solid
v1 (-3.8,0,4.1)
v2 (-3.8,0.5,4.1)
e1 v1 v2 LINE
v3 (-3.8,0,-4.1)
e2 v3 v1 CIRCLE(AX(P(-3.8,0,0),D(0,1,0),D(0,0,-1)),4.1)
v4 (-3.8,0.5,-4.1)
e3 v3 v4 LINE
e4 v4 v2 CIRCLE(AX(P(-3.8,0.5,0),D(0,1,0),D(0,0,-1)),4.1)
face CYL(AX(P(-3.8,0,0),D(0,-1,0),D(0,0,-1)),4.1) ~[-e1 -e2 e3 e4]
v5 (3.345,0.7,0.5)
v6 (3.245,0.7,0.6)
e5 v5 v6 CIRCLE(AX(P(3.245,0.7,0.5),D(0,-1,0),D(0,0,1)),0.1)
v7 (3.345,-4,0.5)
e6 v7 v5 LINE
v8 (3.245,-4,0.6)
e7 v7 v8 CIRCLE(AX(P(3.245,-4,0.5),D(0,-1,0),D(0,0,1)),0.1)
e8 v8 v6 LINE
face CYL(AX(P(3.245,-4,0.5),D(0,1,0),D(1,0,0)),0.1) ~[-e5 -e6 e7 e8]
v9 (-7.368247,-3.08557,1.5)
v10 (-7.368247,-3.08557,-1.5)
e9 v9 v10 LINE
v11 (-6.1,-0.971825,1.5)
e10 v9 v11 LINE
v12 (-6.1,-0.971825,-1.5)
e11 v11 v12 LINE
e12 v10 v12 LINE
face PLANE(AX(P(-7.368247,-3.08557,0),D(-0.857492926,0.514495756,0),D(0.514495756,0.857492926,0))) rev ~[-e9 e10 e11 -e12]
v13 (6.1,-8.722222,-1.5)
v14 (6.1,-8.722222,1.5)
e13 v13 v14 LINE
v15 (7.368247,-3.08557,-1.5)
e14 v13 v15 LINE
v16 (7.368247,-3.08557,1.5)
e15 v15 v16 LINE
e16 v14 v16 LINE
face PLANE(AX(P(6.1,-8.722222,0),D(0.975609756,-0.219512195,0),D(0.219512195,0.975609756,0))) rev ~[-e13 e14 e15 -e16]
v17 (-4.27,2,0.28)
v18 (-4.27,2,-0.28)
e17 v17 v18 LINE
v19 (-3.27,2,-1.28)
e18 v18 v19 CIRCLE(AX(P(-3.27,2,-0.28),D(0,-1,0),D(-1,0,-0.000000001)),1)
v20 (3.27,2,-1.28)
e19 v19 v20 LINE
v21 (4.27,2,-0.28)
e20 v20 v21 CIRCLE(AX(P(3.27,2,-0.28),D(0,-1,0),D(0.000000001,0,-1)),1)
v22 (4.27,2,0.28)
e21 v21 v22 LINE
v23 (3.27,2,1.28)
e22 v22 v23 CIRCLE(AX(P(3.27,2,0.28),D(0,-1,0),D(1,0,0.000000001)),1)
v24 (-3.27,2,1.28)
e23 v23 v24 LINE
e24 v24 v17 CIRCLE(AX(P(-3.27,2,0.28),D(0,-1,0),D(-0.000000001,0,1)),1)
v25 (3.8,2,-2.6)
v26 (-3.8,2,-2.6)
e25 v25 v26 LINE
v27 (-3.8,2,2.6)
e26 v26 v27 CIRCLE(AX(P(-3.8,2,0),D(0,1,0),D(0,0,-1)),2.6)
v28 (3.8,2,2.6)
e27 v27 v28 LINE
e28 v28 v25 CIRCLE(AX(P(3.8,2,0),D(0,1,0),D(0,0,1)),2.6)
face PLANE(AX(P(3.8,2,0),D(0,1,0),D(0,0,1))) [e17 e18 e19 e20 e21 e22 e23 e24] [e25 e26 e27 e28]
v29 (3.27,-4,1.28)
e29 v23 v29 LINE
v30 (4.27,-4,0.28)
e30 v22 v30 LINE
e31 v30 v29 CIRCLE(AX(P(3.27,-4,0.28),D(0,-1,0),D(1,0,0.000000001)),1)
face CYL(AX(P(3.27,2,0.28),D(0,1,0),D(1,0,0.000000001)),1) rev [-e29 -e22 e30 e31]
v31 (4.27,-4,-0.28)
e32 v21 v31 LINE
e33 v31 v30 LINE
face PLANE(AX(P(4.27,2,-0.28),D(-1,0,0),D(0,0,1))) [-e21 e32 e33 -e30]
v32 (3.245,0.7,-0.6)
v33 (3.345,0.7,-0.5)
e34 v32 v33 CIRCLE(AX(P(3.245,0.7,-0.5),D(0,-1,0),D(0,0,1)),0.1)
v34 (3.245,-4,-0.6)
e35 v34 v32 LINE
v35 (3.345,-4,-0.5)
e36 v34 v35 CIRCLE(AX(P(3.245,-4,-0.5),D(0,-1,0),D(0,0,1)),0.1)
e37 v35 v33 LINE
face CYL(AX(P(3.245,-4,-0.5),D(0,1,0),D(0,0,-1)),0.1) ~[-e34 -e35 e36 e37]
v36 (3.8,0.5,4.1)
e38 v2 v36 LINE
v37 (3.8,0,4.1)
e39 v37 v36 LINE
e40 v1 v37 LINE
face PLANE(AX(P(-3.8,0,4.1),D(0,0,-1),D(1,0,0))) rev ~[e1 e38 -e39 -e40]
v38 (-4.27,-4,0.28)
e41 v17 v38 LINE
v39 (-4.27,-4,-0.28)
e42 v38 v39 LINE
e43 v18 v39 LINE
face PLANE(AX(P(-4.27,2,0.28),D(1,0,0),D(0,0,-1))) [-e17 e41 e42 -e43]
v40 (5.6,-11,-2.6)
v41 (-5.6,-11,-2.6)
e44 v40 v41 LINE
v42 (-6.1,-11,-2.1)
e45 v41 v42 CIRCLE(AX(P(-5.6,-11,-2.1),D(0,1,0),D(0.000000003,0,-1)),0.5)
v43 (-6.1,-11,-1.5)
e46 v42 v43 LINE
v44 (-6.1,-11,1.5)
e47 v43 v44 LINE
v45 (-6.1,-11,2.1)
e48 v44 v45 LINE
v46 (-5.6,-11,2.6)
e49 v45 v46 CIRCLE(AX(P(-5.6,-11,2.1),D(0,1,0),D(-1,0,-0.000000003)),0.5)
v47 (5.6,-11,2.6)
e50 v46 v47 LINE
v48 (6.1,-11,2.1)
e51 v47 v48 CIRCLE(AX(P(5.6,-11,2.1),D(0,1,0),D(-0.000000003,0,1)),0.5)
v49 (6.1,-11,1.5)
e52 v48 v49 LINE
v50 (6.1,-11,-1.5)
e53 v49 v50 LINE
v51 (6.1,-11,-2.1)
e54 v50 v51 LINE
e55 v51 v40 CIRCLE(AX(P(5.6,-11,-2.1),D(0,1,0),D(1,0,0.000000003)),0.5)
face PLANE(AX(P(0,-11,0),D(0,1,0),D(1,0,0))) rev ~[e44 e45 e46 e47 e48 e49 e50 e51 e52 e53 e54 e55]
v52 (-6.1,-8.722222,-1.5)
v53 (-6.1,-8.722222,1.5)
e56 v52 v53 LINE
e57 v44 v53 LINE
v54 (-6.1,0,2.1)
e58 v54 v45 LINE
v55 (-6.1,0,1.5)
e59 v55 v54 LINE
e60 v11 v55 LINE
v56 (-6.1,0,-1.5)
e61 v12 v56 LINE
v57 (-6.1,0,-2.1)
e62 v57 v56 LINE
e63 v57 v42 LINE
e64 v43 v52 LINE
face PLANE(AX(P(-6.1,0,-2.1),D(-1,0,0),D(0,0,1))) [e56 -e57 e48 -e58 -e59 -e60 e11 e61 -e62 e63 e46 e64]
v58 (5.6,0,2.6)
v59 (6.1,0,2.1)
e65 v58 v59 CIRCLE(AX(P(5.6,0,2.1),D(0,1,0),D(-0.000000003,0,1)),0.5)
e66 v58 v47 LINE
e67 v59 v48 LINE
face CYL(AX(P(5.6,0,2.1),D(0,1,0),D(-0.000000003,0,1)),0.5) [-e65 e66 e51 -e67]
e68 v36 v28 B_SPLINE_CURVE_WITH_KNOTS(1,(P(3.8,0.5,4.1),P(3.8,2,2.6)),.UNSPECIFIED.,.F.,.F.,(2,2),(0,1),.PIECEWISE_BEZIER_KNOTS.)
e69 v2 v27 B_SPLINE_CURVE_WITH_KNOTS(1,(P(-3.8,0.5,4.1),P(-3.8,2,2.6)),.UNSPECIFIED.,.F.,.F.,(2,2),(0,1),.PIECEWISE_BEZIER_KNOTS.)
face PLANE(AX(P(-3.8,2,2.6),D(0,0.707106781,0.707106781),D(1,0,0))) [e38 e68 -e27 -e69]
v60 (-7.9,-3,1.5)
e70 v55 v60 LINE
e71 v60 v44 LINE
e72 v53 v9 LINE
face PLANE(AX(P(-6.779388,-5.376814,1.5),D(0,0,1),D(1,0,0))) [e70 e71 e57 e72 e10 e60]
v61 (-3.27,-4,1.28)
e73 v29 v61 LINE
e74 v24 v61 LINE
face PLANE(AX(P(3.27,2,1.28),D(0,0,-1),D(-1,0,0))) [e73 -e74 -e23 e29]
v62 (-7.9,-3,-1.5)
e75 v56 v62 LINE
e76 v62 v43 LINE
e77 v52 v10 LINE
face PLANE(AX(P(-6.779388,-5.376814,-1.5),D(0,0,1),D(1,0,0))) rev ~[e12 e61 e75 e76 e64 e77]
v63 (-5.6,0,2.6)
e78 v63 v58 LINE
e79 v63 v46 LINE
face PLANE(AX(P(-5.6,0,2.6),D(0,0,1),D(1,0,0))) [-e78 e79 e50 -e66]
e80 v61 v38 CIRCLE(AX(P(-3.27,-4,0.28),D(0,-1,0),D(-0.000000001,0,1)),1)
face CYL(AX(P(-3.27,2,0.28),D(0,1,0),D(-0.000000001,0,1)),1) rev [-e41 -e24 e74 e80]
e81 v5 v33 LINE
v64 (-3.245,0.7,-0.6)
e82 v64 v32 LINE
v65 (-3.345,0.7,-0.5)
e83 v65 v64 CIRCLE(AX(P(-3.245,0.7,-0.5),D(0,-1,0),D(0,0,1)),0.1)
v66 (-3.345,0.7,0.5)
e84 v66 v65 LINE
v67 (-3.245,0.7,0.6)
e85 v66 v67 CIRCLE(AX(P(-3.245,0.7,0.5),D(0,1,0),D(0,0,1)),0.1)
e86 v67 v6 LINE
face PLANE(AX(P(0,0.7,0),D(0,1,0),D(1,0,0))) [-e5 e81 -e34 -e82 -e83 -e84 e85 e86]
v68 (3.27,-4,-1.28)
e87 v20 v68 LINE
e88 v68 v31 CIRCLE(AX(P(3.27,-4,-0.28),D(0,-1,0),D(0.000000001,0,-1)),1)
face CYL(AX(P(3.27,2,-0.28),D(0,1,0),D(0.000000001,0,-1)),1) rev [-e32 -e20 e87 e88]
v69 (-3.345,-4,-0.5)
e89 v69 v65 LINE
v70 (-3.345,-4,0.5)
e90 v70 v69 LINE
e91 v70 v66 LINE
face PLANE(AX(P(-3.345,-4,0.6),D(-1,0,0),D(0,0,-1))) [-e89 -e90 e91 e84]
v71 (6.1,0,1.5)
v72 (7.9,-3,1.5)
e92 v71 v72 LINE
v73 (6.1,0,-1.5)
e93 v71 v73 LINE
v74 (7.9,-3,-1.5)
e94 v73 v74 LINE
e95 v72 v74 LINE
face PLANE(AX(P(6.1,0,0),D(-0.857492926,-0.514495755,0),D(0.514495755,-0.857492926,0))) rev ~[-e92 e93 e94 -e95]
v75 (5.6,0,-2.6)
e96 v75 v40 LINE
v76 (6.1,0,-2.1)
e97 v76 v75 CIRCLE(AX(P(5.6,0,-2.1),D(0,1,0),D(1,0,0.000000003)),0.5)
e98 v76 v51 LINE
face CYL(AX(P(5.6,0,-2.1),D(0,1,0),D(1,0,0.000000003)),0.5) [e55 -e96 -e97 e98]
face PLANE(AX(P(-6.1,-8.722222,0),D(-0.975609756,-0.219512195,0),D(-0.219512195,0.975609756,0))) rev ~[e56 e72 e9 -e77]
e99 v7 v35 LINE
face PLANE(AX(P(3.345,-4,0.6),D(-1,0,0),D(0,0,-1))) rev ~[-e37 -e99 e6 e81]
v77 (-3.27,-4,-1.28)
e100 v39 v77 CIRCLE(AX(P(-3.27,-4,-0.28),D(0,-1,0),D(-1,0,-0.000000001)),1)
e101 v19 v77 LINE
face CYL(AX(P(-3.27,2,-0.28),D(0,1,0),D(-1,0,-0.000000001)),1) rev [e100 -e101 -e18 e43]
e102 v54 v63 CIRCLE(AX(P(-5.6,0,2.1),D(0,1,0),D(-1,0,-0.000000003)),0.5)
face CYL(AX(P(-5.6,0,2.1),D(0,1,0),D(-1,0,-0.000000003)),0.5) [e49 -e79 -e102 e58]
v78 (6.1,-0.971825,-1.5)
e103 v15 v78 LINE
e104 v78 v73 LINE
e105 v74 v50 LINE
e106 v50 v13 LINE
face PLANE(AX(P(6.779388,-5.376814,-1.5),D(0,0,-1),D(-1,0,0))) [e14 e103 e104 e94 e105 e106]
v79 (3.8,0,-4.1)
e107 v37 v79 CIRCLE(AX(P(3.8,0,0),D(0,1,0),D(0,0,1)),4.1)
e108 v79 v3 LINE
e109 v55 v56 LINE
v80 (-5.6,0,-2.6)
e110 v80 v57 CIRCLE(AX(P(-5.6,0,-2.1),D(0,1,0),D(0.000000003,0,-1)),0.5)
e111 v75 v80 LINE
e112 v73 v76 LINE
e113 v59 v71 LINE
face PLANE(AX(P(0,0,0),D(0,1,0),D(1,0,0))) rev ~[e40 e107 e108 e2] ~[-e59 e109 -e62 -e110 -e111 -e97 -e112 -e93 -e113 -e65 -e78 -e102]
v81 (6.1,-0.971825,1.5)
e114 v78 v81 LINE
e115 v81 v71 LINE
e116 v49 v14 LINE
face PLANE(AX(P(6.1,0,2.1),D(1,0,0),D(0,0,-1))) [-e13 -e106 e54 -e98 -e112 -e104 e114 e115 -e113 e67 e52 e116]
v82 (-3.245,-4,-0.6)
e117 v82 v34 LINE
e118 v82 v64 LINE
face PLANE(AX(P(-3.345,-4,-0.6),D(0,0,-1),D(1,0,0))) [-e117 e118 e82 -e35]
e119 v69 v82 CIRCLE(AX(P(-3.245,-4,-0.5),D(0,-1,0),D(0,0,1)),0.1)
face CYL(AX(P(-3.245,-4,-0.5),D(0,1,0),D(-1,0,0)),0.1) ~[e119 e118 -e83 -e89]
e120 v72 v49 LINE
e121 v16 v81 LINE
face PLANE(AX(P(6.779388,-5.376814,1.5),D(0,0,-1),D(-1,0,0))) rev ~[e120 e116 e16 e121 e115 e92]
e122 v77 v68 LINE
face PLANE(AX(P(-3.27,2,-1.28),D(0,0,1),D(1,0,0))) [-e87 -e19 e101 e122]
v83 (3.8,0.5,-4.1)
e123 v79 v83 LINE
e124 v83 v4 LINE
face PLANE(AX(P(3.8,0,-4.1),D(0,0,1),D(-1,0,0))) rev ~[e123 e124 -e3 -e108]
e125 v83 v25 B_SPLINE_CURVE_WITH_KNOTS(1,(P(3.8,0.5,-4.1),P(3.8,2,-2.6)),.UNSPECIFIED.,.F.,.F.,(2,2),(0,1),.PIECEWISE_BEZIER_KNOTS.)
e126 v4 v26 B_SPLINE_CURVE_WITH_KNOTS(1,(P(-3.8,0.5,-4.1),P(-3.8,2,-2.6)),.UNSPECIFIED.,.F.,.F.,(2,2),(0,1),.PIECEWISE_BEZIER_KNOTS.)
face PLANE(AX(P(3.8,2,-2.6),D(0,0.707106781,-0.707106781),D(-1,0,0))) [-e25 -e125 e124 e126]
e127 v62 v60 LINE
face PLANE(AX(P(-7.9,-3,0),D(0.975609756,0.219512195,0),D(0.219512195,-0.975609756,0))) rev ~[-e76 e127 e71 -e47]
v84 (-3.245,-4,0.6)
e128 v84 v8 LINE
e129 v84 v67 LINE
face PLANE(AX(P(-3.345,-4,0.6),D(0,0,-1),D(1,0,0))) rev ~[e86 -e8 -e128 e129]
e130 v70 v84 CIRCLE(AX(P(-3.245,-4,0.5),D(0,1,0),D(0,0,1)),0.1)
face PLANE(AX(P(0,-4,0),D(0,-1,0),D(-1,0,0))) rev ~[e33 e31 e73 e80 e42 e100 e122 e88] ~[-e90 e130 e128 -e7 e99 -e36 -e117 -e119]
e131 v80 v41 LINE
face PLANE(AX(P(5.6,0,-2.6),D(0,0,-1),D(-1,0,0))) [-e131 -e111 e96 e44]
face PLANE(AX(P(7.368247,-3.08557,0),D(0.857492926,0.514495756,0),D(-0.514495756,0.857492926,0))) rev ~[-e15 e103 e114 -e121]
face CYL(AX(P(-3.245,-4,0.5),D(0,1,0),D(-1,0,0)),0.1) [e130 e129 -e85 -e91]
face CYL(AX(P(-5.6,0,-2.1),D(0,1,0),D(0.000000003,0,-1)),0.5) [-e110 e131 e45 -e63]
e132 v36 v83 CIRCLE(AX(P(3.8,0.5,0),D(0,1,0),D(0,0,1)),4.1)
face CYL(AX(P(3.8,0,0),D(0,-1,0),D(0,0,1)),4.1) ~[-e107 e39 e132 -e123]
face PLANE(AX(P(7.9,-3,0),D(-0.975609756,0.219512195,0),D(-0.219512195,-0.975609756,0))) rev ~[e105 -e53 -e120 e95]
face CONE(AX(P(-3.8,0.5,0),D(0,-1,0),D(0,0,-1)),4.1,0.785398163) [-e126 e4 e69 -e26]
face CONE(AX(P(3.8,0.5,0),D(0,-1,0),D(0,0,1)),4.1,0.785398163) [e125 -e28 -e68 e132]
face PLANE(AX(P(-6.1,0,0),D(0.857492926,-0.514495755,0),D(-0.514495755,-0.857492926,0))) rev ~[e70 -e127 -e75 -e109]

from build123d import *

# Parameters (mm, degrees)
SALIENTE_EXTRUIR1_DEPTH = 11
SALIENTE_EXTRUIR2_DEPTH = 0.5
SALIENTE_EXTRUIR3_DEPTH = 1.5
SALIENTE_EXTRUIR3_TAPER = 45
CORTAR_EXTRUIR1_DEPTH   = 6
CROQUIS7_W              = 6.69
CROQUIS7_H              = 1.2
SALIENTE_EXTRUIR4_DEPTH = 4.7
REDONDEO1_R             = 0.1
SALIENTE_EXTRUIR5_DEPTH = 1.5


with BuildPart() as part:
    # Croquis1 → Saliente-Extruir1 (new body)
    with BuildSketch(Plane(origin=(0, 0, 0), x_dir=(1, 0, 0), z_dir=(0, 1, 0))):
        with BuildLine():
            Line((-5.6, -2.6), (5.6, -2.6))
            ThreePointArc((5.6, -2.6), (5.953553391, -2.453553391), (6.1, -2.1))
            Line((6.1, -2.1), (6.1, 2.1))
            ThreePointArc((6.1, 2.1), (5.953553391, 2.453553391), (5.6, 2.6))
            Line((5.6, 2.6), (-5.6, 2.6))
            ThreePointArc((-5.6, 2.6), (-5.953553391, 2.453553391), (-6.1, 2.1))
            Line((-6.1, 2.1), (-6.1, -2.1))
            ThreePointArc((-6.1, -2.1), (-5.953553391, -2.453553391), (-5.6, -2.6))
        make_face()
    extrude(amount=-SALIENTE_EXTRUIR1_DEPTH)

    # Croquis2 → Saliente-Extruir2 (add)
    with BuildSketch(Plane(origin=(0, 0, 0), x_dir=(1, 0, 0), z_dir=(0, 1, 0))):
        with BuildLine():
            Line((-3.8, -4.1), (3.8, -4.1))
            ThreePointArc((3.8, -4.1), (7.9, 0), (3.8, 4.1))
            Line((3.8, 4.1), (-3.8, 4.1))
            ThreePointArc((-3.8, 4.1), (-7.9, 0), (-3.8, -4.1))
        make_face()
    extrude(amount=SALIENTE_EXTRUIR2_DEPTH)

    # Croquis3 → Saliente-Extruir3 (add)
    with BuildSketch(Plane(origin=(0, 0.5, 0), x_dir=(1, 0, 0), z_dir=(0, 1, 0))):
        with BuildLine():
            Line((-3.8, -4.1), (3.8, -4.1))
            ThreePointArc((3.8, -4.1), (7.9, 0), (3.8, 4.1))
            Line((3.8, 4.1), (-3.8, 4.1))
            ThreePointArc((-3.8, 4.1), (-7.9, 0), (-3.8, -4.1))
        make_face()
    extrude(amount=SALIENTE_EXTRUIR3_DEPTH, taper=SALIENTE_EXTRUIR3_TAPER)

    # Croquis6 → Cortar-Extruir1 (cut)
    with BuildSketch(Plane(origin=(0, 2, 0), x_dir=(1, 0, 0), z_dir=(0, 1, 0))):
        with BuildLine():
            Line((-3.27, 1.28), (3.27, 1.28))
            ThreePointArc((3.27, 1.28), (3.977106781, 0.987106781), (4.27, 0.28))
            Line((4.27, 0.28), (4.27, -0.28))
            ThreePointArc((4.27, -0.28), (3.977106781, -0.987106781), (3.27, -1.28))
            Line((3.27, -1.28), (-3.27, -1.28))
            ThreePointArc((-3.27, -1.28), (-3.977106781, -0.987106781), (-4.27, -0.28))
            Line((-4.27, -0.28), (-4.27, 0.28))
            ThreePointArc((-4.27, 0.28), (-3.977106781, 0.987106781), (-3.27, 1.28))
        make_face()
    extrude(amount=-CORTAR_EXTRUIR1_DEPTH, mode=Mode.SUBTRACT)

    # Croquis7 → Saliente-Extruir4 (add)
    with BuildSketch(Plane(origin=(0, -4, 0), x_dir=(1, 0, 0), z_dir=(0, 1, 0))):
        Rectangle(CROQUIS7_W, CROQUIS7_H)
    extrude(amount=SALIENTE_EXTRUIR4_DEPTH)

    # Redondeo1
    redondeo1_edges = [part.edges().sort_by_distance(p)[0] for p in [
        (3.345, -1.65, 0.6),
        (3.345, -1.65, -0.6),
        (-3.345, -1.65, -0.6),
        (-3.345, -1.65, 0.6),
    ]]
    fillet(redondeo1_edges, radius=REDONDEO1_R)

    # Croquis8 → Saliente-Extruir5 (add, symmetric)
    with BuildSketch(Plane.XY):
        Polygon((-6.1, 0), (-7.9, -3), (-6.1, -11), (-6.1, -8.722222222), (-7.368246767, -3.085569927), (-6.1, -0.971825316), align=None)
        Polygon((6.1, -0.971825316), (6.1, 0), (7.9, -3), (6.1, -11), (6.1, -8.722222222), (7.368246767, -3.085569927), align=None)
    extrude(amount=SALIENTE_EXTRUIR5_DEPTH, both=True)


solid = part.part
